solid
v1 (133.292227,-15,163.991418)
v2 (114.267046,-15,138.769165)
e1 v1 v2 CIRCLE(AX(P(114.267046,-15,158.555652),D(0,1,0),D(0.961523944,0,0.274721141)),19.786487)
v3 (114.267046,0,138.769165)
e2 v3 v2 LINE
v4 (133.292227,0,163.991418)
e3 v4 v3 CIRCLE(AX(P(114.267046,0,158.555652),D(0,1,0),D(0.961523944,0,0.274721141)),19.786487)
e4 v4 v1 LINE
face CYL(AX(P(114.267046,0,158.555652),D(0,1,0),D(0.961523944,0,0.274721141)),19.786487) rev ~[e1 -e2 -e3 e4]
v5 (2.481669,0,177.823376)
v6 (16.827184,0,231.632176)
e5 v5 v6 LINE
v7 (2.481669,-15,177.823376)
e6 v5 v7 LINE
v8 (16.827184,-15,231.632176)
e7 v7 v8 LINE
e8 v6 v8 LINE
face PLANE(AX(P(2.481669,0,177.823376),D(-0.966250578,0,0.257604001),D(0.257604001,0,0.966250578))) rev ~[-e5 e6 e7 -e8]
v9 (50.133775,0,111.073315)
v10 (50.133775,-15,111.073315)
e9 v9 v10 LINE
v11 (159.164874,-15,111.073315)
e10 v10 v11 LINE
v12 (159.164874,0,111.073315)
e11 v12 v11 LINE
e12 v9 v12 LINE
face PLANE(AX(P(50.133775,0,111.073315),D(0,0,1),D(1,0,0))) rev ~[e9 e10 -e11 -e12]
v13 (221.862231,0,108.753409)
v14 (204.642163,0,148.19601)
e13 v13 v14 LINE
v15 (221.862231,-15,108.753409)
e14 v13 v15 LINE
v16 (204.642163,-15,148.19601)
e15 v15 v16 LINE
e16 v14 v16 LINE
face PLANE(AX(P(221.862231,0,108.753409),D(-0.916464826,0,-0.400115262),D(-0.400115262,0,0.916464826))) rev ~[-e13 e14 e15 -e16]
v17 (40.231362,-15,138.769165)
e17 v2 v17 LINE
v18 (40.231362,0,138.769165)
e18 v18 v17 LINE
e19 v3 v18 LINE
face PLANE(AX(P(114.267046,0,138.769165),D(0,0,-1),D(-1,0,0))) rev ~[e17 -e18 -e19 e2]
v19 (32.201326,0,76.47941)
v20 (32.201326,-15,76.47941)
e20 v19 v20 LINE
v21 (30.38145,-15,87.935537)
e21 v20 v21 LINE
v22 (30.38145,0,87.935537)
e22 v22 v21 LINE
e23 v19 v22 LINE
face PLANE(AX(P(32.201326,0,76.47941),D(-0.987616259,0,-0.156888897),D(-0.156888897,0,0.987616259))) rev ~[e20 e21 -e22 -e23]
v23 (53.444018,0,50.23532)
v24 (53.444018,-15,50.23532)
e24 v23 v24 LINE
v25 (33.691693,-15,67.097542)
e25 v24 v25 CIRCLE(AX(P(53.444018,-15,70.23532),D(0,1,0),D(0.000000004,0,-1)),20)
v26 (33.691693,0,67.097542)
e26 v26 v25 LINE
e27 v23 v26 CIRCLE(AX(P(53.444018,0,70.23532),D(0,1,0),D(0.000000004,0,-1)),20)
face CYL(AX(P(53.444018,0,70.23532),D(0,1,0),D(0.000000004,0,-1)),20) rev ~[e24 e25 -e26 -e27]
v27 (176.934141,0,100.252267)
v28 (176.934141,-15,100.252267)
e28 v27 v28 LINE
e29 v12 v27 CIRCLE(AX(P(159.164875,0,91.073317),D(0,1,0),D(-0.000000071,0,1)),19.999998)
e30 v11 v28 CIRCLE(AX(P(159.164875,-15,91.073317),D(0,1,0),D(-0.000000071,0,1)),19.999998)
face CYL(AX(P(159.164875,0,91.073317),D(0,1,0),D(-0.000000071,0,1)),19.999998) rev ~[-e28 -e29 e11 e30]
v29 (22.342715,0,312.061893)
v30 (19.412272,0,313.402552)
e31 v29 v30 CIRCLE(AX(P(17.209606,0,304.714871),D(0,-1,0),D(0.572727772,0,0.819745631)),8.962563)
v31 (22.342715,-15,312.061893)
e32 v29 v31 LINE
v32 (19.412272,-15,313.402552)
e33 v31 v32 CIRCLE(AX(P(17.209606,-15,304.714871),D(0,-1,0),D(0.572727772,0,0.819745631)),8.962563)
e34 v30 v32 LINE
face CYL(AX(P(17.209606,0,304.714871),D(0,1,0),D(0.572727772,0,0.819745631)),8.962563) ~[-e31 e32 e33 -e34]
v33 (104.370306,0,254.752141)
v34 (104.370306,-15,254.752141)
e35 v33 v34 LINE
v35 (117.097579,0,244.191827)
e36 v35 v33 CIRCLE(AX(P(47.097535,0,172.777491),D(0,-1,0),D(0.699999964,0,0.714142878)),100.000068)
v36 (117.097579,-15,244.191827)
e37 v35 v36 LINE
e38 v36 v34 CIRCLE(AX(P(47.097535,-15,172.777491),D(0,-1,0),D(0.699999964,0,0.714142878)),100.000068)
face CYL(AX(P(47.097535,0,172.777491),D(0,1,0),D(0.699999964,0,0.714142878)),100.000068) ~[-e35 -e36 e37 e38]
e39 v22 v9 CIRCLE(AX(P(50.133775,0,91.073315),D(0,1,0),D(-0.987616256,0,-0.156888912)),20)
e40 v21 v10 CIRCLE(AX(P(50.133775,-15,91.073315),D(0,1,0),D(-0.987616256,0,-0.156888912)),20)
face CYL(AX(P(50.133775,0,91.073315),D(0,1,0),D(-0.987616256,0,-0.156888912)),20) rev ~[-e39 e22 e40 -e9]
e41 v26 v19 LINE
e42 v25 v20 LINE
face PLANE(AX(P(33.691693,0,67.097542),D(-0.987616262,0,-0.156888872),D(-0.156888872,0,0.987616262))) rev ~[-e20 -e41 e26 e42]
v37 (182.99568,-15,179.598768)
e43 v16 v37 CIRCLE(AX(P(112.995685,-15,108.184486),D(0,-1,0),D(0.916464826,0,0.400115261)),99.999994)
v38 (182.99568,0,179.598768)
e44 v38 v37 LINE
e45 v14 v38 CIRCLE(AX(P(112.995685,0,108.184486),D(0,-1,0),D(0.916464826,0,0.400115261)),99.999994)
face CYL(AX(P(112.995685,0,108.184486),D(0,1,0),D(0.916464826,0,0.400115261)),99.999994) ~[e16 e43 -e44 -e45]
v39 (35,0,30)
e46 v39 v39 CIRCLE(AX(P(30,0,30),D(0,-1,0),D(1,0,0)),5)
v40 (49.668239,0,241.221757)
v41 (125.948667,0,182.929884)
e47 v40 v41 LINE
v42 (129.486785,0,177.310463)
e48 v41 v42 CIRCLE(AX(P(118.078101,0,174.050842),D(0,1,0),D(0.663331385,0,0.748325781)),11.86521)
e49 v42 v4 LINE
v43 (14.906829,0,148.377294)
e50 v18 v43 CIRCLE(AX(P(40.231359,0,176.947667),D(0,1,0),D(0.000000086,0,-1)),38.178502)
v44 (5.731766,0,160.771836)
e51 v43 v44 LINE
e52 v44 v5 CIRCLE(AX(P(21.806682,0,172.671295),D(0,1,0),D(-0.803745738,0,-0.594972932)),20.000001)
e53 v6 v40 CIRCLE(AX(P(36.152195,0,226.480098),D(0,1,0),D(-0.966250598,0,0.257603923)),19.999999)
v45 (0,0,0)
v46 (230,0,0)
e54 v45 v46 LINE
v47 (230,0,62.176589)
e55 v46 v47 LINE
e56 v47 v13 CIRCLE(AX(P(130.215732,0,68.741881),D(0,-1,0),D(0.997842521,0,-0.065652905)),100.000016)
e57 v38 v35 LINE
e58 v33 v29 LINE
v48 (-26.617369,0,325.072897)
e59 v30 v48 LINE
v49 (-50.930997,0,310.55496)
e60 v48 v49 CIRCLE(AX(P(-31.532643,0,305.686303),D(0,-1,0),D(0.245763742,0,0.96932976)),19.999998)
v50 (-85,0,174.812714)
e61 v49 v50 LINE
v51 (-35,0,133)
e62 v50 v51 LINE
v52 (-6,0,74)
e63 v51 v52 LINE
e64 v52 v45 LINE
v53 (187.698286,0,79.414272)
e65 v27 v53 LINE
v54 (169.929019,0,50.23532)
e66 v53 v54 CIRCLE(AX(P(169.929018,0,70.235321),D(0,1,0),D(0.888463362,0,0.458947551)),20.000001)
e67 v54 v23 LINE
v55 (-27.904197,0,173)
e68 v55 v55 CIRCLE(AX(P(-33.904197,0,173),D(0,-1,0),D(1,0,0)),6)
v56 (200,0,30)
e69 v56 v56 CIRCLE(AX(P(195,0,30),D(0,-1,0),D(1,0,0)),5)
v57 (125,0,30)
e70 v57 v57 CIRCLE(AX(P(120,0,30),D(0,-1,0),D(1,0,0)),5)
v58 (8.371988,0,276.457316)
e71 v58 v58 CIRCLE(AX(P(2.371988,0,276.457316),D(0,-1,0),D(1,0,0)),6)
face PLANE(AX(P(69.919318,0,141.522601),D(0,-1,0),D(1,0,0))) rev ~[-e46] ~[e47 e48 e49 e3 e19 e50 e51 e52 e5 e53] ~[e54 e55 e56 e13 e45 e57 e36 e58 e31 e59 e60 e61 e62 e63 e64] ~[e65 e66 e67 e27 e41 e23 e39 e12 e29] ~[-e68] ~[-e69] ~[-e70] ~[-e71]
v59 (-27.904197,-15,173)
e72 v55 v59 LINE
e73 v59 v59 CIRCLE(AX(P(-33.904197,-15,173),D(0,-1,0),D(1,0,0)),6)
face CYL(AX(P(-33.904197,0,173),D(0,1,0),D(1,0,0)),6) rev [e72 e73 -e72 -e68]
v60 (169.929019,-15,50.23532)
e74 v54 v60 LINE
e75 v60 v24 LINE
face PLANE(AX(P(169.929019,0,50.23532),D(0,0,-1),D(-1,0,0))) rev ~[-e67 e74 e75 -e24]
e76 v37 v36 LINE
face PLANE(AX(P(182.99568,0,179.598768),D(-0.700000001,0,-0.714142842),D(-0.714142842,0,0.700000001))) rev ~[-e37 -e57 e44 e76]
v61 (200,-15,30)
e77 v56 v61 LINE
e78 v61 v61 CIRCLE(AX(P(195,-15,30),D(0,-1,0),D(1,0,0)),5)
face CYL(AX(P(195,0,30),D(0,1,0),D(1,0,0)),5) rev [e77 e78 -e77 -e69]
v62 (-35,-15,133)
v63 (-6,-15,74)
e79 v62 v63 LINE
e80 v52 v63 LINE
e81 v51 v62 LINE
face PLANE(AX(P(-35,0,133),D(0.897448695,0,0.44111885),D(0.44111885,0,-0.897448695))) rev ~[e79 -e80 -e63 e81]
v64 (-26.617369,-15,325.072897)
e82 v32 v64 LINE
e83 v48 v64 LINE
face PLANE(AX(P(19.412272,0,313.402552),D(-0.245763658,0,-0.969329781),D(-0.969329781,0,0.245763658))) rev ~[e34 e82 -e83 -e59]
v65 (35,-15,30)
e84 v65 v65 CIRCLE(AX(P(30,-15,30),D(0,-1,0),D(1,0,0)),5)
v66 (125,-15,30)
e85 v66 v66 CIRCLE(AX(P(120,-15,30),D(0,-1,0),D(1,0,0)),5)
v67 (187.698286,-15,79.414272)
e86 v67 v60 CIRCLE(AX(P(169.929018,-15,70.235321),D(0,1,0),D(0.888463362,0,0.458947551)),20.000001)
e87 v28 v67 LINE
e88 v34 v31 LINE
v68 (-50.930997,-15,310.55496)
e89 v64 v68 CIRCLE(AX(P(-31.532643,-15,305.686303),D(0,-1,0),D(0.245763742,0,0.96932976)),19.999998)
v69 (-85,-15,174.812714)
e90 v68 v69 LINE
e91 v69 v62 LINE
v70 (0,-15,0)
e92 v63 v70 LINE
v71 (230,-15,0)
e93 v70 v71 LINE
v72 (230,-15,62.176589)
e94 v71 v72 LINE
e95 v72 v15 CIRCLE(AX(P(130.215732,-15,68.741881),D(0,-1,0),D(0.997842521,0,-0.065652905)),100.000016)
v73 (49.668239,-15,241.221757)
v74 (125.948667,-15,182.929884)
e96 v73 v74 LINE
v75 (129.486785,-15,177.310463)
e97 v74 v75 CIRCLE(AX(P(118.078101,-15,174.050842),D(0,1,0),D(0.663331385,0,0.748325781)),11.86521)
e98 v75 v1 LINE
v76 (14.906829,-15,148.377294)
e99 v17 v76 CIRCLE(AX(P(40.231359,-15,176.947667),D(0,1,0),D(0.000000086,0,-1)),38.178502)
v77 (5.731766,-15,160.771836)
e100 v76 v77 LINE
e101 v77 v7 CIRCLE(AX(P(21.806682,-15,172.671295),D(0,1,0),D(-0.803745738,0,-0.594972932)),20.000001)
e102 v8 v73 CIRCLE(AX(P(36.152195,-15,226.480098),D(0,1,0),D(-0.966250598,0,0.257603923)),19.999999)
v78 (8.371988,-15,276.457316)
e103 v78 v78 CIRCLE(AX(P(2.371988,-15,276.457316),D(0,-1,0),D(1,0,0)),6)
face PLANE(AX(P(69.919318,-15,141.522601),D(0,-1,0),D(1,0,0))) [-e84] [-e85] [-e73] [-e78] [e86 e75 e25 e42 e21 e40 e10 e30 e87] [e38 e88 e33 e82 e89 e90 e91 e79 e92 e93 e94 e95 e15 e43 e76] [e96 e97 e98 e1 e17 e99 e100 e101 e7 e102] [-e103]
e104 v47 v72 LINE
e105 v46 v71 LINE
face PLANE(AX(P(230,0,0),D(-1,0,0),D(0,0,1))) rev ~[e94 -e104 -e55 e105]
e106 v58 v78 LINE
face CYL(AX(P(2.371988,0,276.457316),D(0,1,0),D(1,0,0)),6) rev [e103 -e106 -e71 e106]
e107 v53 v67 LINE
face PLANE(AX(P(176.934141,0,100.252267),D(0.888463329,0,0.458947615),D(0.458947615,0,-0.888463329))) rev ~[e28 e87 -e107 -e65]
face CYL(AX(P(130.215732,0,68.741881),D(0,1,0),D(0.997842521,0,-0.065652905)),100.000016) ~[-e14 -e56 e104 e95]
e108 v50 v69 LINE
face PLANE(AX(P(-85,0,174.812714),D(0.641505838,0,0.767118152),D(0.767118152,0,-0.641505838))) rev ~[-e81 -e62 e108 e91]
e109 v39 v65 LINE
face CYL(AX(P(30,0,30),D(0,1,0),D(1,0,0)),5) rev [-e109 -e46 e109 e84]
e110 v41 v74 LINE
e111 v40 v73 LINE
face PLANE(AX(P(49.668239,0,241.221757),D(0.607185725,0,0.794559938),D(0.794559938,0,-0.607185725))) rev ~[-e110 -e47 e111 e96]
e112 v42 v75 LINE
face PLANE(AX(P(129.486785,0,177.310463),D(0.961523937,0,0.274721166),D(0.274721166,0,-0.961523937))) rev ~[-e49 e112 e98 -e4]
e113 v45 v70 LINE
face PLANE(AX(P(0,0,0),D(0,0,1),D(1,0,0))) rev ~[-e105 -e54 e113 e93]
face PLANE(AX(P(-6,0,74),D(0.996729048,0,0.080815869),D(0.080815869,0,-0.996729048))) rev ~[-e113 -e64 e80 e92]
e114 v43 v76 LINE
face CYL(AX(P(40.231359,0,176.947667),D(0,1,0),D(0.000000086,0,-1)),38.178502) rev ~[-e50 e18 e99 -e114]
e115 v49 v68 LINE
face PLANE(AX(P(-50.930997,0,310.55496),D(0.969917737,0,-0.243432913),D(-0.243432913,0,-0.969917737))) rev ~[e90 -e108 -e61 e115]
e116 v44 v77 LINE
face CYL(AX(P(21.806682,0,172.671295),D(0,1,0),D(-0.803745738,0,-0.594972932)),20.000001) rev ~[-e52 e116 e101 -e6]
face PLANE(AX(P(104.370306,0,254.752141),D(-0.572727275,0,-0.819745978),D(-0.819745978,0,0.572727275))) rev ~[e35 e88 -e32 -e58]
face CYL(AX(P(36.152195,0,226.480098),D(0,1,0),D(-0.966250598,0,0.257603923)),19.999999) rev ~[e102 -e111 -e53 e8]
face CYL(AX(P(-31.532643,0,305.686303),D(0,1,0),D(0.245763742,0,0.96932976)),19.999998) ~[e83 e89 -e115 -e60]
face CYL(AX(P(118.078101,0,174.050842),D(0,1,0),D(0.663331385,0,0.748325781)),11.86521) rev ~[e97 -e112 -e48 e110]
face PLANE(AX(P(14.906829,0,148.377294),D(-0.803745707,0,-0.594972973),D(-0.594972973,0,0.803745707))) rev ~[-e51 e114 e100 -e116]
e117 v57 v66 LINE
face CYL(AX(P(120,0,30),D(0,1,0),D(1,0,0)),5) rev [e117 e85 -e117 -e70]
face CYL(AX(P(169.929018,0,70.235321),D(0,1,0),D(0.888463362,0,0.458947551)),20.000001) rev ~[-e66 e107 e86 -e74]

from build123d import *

# Parameters (mm, degrees)
F0_R     = 5
F0_R_2   = 6
F1_DEPTH = 15


with BuildPart() as f1:
    # F0 (on Front) → F1 (new body)
    with BuildSketch(Plane.XZ):
        with BuildLine():
            Line((-6, 74), (0, 0))
            Line((0, 0), (230, 0))
            Line((230, 0), (230, 62.176589))
            ThreePointArc((230, 62.176589), (228.723522, 85.95288), (221.862231, 108.753409))
            Line((221.862231, 108.753409), (204.642163, 148.19601))
            ThreePointArc((204.642163, 148.19601), (195.329936, 164.938958), (182.99568, 179.598768))
            Line((182.99568, 179.598768), (117.097579, 244.191827))
            ThreePointArc((117.097579, 244.191827), (110.952624, 249.735539), (104.370306, 254.752141))
            Line((104.370306, 254.752141), (22.342715, 312.061893))
            ThreePointArc((22.342715, 312.061893), (20.938244, 312.865012), (19.412272, 313.402552))
            Line((19.412272, 313.402552), (-26.617369, 325.072897))
            ThreePointArc((-26.617369, 325.072897), (-41.786059, 322.858007), (-50.930997, 310.55496))
            Line((-50.930997, 310.55496), (-85, 174.812714))
            Line((-85, 174.812714), (-35, 133))
            Line((-35, 133), (-6, 74))
        make_face()
        with Locations((30, 30)):
            Circle(F0_R, mode=Mode.SUBTRACT)
        with Locations((120, 30)):
            Circle(F0_R, mode=Mode.SUBTRACT)
        with BuildLine():
            Line((169.929019, 50.23532), (53.444018, 50.23532))
            ThreePointArc((53.444018, 50.23532), (40.458556, 55.024213), (33.691693, 67.097542))
            Line((33.691693, 67.097542), (32.201326, 76.47941))
            Line((32.201326, 76.47941), (30.38145, 87.935537))
            ThreePointArc((30.38145, 87.935537), (34.922668, 104.058777), (50.133775, 111.073315))
            Line((50.133775, 111.073315), (159.164874, 111.073315))
            ThreePointArc((159.164874, 111.073315), (169.567301, 108.155163), (176.934141, 100.252267))
            Line((176.934141, 100.252267), (187.698286, 79.414272))
            ThreePointArc((187.698286, 79.414272), (187.010866, 59.832893), (169.929019, 50.23532))
        make_face(mode=Mode.SUBTRACT)
        with Locations((195, 30)):
            Circle(F0_R, mode=Mode.SUBTRACT)
        with Locations((-33.904197, 173)):
            Circle(F0_R_2, mode=Mode.SUBTRACT)
        with BuildLine():
            Line((114.267046, 138.769165), (40.231362, 138.769165))
            ThreePointArc((40.231362, 138.769165), (26.688392, 141.251924), (14.906829, 148.377294))
            Line((14.906829, 148.377294), (5.731766, 160.771836))
            ThreePointArc((5.731766, 160.771836), (2.160372, 168.926624), (2.481669, 177.823376))
            Line((2.481669, 177.823376), (16.827184, 231.632176))
            ThreePointArc((16.827184, 231.632176), (30.546302, 245.678377), (49.668239, 241.221757))
            Line((49.668239, 241.221757), (125.948667, 182.929884))
            ThreePointArc((125.948667, 182.929884), (128.11886, 180.372737), (129.486785, 177.310463))
            Line((129.486785, 177.310463), (133.292227, 163.991418))
            ThreePointArc((133.292227, 163.991418), (130.063561, 146.640318), (114.267046, 138.769165))
        make_face(mode=Mode.SUBTRACT)
        with Locations((2.371988, 276.457316)):
            Circle(F0_R_2, mode=Mode.SUBTRACT)
    extrude(amount=F1_DEPTH)


solid = f1.part
